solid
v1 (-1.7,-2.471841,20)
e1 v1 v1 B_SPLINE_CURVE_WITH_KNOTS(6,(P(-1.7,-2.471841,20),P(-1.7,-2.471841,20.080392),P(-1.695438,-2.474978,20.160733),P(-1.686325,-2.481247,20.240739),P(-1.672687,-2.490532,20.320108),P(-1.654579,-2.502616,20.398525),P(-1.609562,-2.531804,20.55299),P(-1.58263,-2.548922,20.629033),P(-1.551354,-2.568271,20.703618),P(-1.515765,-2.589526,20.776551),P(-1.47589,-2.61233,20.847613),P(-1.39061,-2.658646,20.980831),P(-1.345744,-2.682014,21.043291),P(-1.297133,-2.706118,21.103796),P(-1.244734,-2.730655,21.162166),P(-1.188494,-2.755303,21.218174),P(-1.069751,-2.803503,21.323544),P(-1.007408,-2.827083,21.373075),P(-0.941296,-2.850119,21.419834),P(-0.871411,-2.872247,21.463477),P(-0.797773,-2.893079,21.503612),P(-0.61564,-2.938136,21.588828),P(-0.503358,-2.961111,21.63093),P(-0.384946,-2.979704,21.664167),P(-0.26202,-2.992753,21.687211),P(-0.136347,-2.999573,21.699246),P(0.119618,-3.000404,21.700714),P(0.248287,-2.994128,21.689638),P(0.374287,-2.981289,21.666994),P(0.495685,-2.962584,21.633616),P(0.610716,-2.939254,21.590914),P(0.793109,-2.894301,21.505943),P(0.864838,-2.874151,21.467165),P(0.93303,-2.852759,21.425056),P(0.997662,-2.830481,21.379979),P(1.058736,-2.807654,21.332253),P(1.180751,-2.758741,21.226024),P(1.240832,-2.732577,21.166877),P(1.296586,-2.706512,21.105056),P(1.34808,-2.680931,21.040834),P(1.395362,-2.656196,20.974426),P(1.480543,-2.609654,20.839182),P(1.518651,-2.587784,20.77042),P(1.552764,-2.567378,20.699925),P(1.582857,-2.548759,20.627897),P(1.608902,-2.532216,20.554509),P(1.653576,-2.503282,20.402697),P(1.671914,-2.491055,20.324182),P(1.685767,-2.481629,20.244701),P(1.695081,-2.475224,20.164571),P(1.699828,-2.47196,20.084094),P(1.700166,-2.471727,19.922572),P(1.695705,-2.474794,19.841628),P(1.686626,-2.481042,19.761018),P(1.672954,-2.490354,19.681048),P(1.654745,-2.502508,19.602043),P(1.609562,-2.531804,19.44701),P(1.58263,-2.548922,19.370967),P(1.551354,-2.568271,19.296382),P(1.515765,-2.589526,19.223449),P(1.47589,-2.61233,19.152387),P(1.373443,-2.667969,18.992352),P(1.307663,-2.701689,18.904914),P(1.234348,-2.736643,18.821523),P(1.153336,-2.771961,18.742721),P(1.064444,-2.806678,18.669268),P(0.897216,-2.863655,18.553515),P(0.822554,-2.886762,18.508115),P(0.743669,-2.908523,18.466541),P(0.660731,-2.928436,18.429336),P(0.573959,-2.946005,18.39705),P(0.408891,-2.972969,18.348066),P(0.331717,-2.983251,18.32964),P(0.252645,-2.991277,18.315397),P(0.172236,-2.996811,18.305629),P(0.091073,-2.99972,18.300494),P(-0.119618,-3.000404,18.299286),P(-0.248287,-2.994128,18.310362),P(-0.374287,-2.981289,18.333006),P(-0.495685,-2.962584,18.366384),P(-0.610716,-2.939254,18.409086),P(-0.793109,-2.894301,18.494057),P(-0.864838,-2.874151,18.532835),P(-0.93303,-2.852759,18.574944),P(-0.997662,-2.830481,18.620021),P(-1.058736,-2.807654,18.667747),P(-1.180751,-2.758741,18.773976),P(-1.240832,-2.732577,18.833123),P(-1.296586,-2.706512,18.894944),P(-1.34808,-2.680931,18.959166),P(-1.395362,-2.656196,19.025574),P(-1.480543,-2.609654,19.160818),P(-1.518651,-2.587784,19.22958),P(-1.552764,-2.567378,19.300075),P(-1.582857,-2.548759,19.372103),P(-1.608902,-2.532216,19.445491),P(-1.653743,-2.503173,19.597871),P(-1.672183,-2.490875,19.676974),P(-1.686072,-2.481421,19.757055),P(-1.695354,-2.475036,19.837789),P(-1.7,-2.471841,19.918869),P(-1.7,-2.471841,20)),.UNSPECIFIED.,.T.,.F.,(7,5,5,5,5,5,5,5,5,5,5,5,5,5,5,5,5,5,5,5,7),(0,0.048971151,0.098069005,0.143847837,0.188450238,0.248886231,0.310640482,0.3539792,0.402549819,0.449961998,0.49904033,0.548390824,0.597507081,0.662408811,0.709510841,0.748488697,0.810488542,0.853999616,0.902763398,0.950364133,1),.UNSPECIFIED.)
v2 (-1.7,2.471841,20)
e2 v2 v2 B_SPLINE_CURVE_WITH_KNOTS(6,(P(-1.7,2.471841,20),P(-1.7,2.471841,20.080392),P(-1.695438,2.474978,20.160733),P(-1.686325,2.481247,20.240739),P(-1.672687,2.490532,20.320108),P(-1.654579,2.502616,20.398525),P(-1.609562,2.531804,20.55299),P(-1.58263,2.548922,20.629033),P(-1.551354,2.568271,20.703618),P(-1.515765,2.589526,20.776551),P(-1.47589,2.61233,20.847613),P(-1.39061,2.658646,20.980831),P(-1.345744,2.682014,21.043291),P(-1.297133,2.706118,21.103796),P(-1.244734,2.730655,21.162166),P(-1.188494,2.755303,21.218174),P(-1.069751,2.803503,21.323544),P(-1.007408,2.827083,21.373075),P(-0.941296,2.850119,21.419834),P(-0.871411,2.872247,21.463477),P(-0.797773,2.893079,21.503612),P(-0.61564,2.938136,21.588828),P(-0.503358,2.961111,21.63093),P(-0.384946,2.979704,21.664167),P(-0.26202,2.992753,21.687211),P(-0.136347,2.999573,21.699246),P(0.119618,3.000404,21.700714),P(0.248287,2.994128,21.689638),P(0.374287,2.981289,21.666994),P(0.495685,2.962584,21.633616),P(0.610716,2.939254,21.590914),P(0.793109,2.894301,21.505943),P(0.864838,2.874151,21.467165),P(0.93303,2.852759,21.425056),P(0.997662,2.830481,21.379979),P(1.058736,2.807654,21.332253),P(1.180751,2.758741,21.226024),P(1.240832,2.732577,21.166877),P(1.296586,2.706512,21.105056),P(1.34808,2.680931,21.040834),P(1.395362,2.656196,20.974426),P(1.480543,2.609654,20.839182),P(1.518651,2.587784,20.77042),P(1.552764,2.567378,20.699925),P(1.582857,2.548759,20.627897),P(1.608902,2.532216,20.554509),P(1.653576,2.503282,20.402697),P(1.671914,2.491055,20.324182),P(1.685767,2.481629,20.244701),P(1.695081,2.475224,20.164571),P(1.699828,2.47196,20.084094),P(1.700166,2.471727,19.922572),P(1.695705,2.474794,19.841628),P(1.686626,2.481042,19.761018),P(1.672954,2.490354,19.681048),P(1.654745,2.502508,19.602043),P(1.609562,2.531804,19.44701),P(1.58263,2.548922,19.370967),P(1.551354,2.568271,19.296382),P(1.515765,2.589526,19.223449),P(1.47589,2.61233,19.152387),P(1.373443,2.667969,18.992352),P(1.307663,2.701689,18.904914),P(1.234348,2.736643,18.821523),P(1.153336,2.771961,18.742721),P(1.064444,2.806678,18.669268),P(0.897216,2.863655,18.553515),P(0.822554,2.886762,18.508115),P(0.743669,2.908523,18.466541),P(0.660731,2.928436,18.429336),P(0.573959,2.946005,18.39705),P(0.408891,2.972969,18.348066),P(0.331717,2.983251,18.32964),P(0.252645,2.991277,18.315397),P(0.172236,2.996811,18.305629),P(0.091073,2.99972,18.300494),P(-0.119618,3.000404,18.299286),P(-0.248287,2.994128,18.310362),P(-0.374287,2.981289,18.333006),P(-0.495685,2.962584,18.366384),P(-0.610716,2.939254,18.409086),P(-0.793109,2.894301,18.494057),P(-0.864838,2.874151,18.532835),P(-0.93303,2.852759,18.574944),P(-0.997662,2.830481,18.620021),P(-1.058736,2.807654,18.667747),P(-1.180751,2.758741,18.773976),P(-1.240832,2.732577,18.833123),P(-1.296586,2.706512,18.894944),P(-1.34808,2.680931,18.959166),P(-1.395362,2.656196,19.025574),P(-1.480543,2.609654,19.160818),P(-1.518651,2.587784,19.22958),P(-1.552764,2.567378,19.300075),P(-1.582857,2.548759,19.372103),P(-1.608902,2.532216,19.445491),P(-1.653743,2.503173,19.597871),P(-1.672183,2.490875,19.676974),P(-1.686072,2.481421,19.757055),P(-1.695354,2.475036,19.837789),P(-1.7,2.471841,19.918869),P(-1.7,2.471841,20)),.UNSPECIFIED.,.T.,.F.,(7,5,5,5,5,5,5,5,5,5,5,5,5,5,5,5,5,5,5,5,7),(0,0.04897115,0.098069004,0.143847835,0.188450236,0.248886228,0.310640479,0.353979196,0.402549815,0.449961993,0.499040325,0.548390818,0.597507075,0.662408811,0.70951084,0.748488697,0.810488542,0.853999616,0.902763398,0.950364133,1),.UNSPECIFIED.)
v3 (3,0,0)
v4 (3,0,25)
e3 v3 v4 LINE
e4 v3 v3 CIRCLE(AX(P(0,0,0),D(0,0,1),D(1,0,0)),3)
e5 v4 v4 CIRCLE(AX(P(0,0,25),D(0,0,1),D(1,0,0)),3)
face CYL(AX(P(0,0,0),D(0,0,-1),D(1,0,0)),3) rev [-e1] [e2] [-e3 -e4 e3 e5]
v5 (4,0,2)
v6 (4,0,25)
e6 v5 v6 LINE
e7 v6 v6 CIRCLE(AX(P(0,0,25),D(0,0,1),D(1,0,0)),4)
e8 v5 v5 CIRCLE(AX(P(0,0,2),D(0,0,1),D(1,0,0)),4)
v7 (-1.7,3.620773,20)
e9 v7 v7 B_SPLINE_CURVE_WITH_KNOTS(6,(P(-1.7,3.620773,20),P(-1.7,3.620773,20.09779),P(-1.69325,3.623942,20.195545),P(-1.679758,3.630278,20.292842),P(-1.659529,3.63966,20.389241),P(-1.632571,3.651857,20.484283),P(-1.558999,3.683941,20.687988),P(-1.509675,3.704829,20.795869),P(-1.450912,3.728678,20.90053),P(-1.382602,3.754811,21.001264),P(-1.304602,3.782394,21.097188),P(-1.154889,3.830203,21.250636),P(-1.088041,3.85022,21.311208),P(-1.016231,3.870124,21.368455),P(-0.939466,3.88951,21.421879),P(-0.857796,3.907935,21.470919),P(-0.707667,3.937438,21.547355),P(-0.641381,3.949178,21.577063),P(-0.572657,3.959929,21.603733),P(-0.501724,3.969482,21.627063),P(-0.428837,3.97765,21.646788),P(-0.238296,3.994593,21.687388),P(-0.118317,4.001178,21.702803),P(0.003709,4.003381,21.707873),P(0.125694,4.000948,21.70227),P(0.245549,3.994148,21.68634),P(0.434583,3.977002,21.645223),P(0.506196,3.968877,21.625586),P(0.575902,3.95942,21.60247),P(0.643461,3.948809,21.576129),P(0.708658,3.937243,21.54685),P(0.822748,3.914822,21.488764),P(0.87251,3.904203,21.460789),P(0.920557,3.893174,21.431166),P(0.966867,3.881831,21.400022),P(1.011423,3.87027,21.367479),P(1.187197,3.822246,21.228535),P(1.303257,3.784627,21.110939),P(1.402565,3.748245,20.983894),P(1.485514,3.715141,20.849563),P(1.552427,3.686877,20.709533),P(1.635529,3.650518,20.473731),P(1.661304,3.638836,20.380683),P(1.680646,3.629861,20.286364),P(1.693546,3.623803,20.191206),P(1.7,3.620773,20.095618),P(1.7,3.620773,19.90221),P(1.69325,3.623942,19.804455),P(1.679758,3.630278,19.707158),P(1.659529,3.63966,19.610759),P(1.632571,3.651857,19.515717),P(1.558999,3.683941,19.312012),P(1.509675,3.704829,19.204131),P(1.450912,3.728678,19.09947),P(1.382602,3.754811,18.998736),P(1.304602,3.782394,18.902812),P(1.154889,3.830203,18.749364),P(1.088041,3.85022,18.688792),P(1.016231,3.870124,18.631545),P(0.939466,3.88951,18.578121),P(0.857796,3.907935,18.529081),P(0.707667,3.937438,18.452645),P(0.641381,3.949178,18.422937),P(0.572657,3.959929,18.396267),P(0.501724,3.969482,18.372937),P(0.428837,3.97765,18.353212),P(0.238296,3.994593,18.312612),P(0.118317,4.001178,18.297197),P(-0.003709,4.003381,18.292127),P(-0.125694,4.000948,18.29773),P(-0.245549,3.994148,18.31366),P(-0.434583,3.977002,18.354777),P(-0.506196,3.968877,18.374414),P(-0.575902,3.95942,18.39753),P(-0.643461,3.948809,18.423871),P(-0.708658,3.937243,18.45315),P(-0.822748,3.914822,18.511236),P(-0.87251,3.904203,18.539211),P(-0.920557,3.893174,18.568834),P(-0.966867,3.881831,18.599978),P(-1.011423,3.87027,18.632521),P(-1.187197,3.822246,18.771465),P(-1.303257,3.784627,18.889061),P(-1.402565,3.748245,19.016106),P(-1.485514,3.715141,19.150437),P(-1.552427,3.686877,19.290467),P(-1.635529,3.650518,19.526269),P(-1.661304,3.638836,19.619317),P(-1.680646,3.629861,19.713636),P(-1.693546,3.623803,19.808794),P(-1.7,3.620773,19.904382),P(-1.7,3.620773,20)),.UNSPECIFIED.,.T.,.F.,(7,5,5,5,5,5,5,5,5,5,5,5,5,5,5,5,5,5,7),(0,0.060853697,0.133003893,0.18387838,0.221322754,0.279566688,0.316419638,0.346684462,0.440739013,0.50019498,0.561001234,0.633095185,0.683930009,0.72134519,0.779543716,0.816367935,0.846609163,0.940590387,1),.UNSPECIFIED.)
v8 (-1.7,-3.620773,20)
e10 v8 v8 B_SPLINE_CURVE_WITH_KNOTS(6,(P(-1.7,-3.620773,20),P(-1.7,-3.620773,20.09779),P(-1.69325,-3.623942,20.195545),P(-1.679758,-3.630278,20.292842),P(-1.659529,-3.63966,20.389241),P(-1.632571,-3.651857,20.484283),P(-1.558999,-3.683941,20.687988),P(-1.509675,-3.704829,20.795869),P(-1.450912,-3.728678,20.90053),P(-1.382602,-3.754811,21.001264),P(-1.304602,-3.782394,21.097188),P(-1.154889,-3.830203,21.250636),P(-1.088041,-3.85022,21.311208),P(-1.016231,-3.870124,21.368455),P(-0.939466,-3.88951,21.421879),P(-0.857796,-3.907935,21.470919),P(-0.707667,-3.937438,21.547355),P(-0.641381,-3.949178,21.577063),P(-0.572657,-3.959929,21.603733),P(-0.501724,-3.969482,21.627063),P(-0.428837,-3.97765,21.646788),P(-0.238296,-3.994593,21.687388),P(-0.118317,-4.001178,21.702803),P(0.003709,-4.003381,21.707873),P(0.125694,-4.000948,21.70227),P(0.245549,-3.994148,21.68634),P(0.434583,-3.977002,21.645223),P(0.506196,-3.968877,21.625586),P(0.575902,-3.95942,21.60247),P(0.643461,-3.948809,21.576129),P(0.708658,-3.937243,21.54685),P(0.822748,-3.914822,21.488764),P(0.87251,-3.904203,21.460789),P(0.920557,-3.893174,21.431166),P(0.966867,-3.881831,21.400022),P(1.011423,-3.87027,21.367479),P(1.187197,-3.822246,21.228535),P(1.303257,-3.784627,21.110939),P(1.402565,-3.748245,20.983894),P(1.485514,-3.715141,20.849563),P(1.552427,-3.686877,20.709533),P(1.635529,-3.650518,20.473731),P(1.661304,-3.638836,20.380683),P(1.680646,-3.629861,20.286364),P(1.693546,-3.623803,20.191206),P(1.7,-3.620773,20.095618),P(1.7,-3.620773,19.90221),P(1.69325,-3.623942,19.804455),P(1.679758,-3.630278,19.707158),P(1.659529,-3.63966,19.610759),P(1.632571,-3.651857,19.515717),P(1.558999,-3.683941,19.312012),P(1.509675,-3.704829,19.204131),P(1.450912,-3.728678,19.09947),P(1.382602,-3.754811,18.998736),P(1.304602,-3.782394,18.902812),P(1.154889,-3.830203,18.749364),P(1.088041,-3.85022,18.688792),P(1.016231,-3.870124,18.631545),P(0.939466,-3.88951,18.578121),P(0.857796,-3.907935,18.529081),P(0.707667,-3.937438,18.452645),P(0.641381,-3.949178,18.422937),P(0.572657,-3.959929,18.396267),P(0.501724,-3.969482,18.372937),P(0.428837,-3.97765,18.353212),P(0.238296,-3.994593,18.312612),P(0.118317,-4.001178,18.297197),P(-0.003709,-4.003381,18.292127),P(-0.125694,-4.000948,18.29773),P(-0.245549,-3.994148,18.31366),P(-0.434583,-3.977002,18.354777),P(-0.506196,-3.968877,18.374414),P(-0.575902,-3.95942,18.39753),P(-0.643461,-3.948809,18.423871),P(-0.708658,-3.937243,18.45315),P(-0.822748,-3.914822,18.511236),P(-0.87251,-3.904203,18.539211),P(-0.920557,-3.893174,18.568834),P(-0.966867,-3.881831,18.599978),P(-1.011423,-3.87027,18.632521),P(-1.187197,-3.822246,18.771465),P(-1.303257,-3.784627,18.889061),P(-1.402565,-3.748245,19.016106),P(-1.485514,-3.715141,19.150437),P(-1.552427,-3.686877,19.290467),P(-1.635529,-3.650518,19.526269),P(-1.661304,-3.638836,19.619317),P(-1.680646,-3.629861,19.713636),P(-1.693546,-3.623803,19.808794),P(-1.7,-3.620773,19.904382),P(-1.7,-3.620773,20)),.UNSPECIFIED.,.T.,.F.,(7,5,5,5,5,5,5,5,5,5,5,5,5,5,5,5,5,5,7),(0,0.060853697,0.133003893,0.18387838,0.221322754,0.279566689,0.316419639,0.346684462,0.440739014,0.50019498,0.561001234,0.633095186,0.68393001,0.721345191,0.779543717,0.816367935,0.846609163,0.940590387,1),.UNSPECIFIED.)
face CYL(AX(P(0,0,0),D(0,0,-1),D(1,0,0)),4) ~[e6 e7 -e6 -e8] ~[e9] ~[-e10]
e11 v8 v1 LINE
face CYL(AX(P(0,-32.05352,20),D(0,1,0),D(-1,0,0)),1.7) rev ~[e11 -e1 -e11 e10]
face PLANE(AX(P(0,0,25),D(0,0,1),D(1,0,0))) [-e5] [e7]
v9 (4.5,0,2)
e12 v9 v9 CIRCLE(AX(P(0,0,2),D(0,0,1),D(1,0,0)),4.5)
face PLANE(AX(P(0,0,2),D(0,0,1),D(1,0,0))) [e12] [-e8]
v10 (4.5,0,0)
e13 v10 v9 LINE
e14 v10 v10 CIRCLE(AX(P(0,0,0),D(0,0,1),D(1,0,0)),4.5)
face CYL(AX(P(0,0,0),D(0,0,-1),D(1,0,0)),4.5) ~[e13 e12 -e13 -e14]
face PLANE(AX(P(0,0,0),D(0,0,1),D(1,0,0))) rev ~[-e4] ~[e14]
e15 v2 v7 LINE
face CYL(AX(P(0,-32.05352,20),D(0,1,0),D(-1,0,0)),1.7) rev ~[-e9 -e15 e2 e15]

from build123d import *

# Parameters (mm, degrees)
F0_R     = 4
F0_R_2   = 3
F1_DEPTH = 25
F0_R_3   = 4.5
F2_DEPTH = 2
F5_D     = 3.4


with BuildPart() as f1:
    # F0 (on Top) → F1 (new body)
    with BuildSketch(Plane.XY):
        Circle(F0_R)
        Circle(F0_R_2, mode=Mode.SUBTRACT)
    extrude(amount=F1_DEPTH)

    # F0 (on Top) → F2 (join)
    with BuildSketch(Plane.XY):
        Circle(F0_R_3)
        Circle(F0_R, mode=Mode.SUBTRACT)
    extrude(amount=F2_DEPTH)

    # F5 (through all)
    with Locations(Plane.XZ.offset(4)):
        with Locations((0, 20)):
            Hole(F5_D / 2)


solid = f1.part
